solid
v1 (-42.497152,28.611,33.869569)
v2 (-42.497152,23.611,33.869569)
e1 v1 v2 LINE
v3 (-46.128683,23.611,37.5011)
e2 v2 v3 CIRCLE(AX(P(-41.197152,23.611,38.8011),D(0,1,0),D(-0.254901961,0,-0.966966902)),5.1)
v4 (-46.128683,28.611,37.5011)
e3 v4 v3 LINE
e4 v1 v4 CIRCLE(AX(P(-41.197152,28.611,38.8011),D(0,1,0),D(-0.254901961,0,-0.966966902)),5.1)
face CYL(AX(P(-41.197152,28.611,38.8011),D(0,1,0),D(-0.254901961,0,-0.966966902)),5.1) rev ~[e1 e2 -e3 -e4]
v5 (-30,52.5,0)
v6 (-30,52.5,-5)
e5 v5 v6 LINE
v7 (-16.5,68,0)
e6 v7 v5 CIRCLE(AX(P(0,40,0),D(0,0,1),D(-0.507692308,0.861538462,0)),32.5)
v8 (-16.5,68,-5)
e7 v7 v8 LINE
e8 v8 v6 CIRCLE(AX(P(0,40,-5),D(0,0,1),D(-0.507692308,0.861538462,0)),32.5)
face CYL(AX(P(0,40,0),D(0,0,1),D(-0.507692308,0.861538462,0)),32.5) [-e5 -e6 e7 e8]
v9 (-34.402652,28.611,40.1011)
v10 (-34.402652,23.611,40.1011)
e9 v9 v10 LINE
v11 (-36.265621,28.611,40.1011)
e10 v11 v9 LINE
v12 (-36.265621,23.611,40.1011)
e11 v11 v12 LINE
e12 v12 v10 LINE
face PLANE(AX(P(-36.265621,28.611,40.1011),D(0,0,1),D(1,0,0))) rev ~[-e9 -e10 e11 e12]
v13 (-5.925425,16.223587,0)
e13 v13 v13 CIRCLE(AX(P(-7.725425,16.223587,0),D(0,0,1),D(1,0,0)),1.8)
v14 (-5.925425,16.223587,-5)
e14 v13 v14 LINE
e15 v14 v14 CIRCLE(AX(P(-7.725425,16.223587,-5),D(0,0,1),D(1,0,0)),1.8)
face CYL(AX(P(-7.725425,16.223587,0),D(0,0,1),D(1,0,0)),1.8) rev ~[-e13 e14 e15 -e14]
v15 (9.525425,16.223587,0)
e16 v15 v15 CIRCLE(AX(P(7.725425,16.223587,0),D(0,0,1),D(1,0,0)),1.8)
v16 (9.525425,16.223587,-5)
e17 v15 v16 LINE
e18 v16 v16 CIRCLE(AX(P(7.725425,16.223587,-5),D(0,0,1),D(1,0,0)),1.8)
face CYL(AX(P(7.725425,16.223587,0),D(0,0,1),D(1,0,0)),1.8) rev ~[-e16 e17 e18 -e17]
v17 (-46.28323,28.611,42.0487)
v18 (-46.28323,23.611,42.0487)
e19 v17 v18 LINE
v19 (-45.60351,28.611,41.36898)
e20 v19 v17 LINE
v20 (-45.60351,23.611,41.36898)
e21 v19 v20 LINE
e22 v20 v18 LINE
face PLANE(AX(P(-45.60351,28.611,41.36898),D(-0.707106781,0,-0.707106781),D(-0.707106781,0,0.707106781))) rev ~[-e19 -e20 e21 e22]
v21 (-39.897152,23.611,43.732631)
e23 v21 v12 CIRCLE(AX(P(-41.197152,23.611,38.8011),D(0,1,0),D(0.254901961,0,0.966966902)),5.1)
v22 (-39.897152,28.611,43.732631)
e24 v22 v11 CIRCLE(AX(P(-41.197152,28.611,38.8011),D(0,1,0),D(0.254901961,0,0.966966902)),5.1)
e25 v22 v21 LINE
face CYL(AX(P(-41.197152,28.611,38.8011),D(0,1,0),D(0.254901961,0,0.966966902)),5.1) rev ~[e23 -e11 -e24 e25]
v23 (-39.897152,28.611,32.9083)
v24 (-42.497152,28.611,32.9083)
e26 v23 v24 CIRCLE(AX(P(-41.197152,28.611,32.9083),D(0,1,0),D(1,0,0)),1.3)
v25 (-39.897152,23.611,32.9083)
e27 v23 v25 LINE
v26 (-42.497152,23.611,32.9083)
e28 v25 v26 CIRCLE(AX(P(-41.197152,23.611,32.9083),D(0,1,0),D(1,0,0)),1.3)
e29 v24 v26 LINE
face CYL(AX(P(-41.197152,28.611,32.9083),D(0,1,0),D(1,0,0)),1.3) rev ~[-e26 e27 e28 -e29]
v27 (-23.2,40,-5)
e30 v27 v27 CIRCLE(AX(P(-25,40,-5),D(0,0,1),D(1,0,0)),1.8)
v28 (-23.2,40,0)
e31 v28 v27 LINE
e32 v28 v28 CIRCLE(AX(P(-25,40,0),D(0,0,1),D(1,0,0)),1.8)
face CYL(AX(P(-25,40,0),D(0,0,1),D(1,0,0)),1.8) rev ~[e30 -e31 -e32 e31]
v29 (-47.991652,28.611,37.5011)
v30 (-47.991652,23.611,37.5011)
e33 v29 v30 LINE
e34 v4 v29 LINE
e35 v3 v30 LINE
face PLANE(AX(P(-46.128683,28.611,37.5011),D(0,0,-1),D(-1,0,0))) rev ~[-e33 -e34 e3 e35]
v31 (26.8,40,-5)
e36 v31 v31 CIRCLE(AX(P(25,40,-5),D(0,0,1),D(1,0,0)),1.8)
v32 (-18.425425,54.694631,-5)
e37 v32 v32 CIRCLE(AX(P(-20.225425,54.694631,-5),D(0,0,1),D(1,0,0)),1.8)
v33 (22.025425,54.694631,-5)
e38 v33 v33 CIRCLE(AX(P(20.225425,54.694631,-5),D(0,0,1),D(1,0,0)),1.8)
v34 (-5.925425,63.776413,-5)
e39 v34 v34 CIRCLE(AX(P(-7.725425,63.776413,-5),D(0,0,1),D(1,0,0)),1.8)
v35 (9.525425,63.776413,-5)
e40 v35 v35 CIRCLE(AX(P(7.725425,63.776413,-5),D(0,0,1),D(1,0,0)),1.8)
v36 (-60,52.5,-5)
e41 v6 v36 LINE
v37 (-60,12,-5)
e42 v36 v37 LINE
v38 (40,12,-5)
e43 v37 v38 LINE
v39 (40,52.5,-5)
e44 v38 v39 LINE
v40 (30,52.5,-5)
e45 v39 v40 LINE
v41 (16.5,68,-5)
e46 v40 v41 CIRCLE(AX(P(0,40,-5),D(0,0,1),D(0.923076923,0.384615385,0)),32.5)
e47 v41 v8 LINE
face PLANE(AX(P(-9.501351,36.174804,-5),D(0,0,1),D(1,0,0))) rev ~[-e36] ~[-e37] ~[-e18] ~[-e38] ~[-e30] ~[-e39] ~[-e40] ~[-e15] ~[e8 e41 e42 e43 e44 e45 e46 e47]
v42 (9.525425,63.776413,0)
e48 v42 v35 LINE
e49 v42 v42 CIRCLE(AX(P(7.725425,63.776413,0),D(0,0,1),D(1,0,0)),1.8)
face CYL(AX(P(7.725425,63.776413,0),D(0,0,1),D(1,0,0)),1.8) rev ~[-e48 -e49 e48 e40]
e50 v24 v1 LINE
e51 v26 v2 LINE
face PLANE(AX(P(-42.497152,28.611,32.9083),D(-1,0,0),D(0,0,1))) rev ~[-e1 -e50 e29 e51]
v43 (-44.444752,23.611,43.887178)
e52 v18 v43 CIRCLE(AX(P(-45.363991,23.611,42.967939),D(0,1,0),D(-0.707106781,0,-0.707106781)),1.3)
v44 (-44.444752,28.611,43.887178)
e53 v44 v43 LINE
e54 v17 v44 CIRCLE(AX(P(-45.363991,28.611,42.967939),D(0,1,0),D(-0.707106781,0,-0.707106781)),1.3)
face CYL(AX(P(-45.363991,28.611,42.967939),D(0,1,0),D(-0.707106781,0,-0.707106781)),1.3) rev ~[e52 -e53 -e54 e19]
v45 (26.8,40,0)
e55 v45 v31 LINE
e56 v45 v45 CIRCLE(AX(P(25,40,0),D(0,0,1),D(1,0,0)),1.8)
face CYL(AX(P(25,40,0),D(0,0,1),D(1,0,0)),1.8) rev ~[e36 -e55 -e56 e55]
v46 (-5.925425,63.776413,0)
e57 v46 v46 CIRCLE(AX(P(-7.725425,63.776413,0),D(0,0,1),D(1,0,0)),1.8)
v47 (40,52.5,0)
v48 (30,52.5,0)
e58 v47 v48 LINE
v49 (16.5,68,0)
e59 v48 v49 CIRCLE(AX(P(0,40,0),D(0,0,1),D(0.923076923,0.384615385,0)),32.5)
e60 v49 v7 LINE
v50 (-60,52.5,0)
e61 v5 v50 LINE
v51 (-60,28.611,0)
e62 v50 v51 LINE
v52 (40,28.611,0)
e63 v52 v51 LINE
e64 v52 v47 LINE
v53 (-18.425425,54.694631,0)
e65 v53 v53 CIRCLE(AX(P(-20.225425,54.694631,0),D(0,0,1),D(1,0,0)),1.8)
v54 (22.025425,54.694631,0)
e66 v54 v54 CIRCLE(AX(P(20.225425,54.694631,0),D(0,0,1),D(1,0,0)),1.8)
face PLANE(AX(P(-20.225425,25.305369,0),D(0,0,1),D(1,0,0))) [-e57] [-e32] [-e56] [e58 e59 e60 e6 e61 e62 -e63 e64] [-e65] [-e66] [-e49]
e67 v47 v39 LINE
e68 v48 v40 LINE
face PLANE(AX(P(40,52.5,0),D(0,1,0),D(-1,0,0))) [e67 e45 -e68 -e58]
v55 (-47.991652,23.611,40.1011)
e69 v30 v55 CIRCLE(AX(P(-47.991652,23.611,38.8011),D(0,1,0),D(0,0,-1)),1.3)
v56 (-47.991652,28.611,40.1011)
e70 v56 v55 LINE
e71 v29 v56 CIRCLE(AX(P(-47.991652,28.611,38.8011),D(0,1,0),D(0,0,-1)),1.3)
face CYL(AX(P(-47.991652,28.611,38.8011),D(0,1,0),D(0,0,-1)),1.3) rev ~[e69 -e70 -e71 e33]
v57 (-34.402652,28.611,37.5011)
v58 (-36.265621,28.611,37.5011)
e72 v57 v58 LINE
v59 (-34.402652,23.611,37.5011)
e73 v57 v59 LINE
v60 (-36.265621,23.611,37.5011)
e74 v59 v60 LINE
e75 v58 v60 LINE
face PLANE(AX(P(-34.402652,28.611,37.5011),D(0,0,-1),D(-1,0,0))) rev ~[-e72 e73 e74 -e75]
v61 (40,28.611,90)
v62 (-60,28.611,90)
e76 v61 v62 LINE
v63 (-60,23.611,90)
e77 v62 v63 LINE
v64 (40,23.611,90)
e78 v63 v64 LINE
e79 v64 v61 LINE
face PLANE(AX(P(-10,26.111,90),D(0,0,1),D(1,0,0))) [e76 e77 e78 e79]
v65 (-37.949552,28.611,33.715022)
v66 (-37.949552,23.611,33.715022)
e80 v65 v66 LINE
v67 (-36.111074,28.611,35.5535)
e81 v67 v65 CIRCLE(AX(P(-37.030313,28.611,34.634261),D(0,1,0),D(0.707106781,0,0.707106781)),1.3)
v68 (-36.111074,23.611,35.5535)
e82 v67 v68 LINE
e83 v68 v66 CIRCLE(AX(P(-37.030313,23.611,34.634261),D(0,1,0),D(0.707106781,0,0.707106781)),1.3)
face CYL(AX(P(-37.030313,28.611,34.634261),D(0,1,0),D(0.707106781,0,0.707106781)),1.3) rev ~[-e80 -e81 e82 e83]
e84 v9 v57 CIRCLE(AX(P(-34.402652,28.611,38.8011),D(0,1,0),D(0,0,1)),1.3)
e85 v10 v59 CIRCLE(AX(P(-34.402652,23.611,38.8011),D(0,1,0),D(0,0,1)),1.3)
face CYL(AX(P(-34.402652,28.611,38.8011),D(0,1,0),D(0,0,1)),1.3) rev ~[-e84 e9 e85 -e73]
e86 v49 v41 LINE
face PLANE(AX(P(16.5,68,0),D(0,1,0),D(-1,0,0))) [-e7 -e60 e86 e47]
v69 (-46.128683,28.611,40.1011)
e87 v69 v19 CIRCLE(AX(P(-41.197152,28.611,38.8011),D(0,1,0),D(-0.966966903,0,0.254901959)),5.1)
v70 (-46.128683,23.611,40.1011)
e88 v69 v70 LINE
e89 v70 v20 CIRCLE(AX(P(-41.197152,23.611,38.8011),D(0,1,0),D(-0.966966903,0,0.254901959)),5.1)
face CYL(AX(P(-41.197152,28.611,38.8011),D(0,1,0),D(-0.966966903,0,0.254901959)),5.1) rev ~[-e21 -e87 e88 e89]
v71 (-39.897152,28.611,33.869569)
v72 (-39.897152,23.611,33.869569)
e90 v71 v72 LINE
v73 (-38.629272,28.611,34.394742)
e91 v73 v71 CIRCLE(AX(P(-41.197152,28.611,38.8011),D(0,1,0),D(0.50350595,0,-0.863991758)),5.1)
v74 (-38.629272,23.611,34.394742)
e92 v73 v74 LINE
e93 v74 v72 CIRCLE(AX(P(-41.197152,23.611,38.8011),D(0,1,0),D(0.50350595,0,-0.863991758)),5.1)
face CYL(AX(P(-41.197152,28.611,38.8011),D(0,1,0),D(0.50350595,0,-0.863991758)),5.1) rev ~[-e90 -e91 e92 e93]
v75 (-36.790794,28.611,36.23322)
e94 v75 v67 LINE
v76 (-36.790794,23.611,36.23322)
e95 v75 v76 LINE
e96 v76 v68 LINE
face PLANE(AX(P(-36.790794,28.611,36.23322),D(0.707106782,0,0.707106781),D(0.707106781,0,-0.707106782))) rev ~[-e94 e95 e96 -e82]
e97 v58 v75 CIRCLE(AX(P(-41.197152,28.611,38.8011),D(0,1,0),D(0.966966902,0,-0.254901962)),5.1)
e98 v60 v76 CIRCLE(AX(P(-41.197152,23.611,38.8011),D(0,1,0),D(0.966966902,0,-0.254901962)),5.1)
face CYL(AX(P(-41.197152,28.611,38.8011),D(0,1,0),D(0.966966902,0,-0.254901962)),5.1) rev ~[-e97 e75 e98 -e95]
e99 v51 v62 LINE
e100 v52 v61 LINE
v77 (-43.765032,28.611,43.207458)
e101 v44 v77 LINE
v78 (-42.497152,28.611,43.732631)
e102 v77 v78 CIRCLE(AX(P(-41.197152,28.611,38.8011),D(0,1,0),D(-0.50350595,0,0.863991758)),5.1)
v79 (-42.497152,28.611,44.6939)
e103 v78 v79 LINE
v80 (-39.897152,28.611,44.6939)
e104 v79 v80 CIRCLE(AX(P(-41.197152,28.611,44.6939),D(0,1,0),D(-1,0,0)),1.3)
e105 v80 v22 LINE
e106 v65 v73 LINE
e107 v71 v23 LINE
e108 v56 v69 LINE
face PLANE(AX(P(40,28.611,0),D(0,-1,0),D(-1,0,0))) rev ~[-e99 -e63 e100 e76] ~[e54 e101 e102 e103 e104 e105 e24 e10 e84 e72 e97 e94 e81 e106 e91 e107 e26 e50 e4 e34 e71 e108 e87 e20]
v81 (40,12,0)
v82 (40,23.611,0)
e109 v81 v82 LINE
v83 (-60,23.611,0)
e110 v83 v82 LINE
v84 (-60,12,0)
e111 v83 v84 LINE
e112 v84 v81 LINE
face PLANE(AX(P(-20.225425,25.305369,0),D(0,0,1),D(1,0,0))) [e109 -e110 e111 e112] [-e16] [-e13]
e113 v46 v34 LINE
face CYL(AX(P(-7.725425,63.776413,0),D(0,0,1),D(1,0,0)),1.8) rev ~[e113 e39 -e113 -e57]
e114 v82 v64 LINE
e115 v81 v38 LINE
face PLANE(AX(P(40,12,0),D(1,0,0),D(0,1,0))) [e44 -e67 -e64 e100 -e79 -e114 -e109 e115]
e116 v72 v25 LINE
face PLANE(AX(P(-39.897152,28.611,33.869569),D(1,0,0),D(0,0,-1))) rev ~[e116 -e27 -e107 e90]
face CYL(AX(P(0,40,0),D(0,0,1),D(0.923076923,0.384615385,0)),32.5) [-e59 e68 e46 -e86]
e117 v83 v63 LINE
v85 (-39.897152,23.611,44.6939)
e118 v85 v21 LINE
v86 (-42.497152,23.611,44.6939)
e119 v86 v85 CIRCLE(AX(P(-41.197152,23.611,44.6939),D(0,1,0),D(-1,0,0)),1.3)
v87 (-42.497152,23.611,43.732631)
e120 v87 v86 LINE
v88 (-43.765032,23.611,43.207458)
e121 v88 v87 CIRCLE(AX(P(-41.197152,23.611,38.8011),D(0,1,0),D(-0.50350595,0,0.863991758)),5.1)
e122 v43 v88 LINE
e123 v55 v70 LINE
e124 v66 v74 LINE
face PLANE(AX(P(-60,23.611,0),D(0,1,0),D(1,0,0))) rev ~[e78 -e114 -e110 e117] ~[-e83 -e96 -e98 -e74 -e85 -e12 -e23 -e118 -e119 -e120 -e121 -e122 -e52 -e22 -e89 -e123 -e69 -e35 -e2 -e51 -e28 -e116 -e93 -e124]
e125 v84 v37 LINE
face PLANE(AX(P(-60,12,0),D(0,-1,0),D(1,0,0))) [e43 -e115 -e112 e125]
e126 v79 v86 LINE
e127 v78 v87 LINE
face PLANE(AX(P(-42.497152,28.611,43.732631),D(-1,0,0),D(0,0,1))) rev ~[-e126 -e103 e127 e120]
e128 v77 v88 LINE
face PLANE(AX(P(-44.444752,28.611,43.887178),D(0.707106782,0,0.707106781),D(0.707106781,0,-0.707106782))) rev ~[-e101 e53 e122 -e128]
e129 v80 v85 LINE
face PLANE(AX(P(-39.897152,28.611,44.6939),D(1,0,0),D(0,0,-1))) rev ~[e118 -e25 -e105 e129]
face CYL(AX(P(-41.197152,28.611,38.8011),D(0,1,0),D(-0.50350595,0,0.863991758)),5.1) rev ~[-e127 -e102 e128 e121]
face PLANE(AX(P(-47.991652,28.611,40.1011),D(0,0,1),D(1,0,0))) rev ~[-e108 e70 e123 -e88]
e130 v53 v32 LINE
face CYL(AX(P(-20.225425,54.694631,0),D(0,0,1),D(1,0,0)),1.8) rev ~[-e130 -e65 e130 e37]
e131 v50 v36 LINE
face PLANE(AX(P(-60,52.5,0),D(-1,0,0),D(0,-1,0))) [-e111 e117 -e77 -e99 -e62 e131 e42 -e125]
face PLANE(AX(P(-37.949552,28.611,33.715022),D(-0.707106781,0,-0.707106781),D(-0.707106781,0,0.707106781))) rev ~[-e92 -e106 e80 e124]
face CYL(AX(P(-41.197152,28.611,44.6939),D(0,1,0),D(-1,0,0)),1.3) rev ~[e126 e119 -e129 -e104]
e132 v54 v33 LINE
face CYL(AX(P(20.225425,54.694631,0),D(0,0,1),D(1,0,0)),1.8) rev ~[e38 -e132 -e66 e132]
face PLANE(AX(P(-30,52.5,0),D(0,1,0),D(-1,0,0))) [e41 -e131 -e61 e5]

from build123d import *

# Parameters (mm, degrees)
SKETCH2_R           = 1.8
BOSS_EXTRUDE1_DEPTH = 5
SKETCH3_R           = 1.8
BOSS_EXTRUDE2_DEPTH = 5
BOSS_EXTRUDE3_DEPTH = 90
SKETCH5_R           = 0.927
CUT_EXTRUDE3_DEPTH  = 90
CUT_EXTRUDE4_DEPTH  = 90


with BuildPart() as part:
    # Sketch2 → Boss-Extrude1 (new body)
    with BuildSketch(Plane.XY):
        with BuildLine():
            ThreePointArc((30, 52.5), (24.507651866, 61.345374206), (16.5, 68))
            Line((16.5, 68), (-16.5, 68))
            ThreePointArc((-16.5, 68), (-24.507651866, 61.345374206), (-30, 52.5))
            Line((-30, 52.5), (-60, 52.5))
            Line((-60, 52.5), (-60, 12))
            Line((-60, 12), (40, 12))
            Line((40, 12), (40, 52.5))
            Line((40, 52.5), (30, 52.5))
        make_face()
        with Locations((-20.225424859, 25.305368693)):
            Circle(SKETCH2_R, mode=Mode.SUBTRACT)
        with Locations((-25, 40)):
            Circle(SKETCH2_R, mode=Mode.SUBTRACT)
        with Locations((-7.725424859, 16.223587093)):
            Circle(SKETCH2_R, mode=Mode.SUBTRACT)
        with Locations((7.725424859, 16.223587093)):
            Circle(SKETCH2_R, mode=Mode.SUBTRACT)
        with Locations((20.225424859, 25.305368693)):
            Circle(SKETCH2_R, mode=Mode.SUBTRACT)
        with Locations((25, 40)):
            Circle(SKETCH2_R, mode=Mode.SUBTRACT)
        with Locations((-20.225424859, 54.694631307)):
            Circle(SKETCH2_R, mode=Mode.SUBTRACT)
        with Locations((-7.725424859, 63.776412907)):
            Circle(SKETCH2_R, mode=Mode.SUBTRACT)
        with Locations((7.725424859, 63.776412907)):
            Circle(SKETCH2_R, mode=Mode.SUBTRACT)
        with Locations((20.225424859, 54.694631307)):
            Circle(SKETCH2_R, mode=Mode.SUBTRACT)
    extrude(amount=-BOSS_EXTRUDE1_DEPTH)

    # Sketch3 → Boss-Extrude2 (add)
    with BuildSketch(Plane.XY):
        with Locations((-20.225424859, 25.305368693)):
            Circle(SKETCH3_R)
        with Locations((20.225424859, 25.305368693)):
            Circle(SKETCH3_R)
    extrude(amount=-BOSS_EXTRUDE2_DEPTH)

    # Sketch4 → Boss-Extrude3 (add)
    with BuildSketch(Plane.XY):
        Polygon((15.062255845, 23.611), (32.664455845, 23.611), (40, 23.611), (40, 28.611), (-60, 28.611), (-60, 23.611), align=None)
    extrude(amount=BOSS_EXTRUDE3_DEPTH)

    # Sketch5 → Cut-Extrude3 (cut)
    with BuildSketch(Plane(origin=(0, 28.611, 0), x_dir=(1, 0, 0), z_dir=(0, 1, 0))):
        with BuildLine():
            Line((-40.197151893, -34.106422162), (-40.197151893, -32.9083))
            ThreePointArc((-40.197151893, -32.9083), (-41.197151893, -31.9083), (-42.197151893, -32.9083))
            Line((-42.197151893, -32.9083), (-42.197151893, -34.106422162))
            ThreePointArc((-42.197151893, -34.106422162), (-44.591264443, -35.40698745), (-45.891829731, -37.8011))
            Line((-45.891829731, -37.8011), (-47.991651893, -37.8011))
            ThreePointArc((-47.991651893, -37.8011), (-48.991651893, -38.8011), (-47.991651893, -39.8011))
            Line((-47.991651893, -39.8011), (-45.891829731, -39.8011))
            ThreePointArc((-45.891829731, -39.8011), (-45.631773649, -40.637980475), (-45.223897209, -41.413631753))
            Line((-45.223897209, -41.413631753), (-46.071097514, -42.260832059))
            ThreePointArc((-46.071097514, -42.260832059), (-46.071097514, -43.675045621), (-44.656883952, -43.675045621))
            Line((-44.656883952, -43.675045621), (-43.809683646, -42.827845316))
            ThreePointArc((-43.809683646, -42.827845316), (-43.034032368, -43.235721756), (-42.197151893, -43.495777838))
            Line((-42.197151893, -43.495777838), (-42.197151893, -44.6939))
            ThreePointArc((-42.197151893, -44.6939), (-41.197151893, -45.6939), (-40.197151893, -44.6939))
            Line((-40.197151893, -44.6939), (-40.197151893, -43.495777838))
            ThreePointArc((-40.197151893, -43.495777838), (-37.803039343, -42.19521255), (-36.502474055, -39.8011))
            Line((-36.502474055, -39.8011), (-34.402651893, -39.8011))
            ThreePointArc((-34.402651893, -39.8011), (-33.402651893, -38.8011), (-34.402651893, -37.8011))
            Line((-34.402651893, -37.8011), (-36.502474055, -37.8011))
            ThreePointArc((-36.502474055, -37.8011), (-36.762530137, -36.964219525), (-37.170406577, -36.188568247))
            Line((-37.170406577, -36.188568247), (-36.323206271, -35.341367941))
            ThreePointArc((-36.323206271, -35.341367941), (-36.323206271, -33.927154379), (-37.737419834, -33.927154379))
            Line((-37.737419834, -33.927154379), (-38.584620139, -34.774354684))
            ThreePointArc((-38.584620139, -34.774354684), (-39.360271417, -34.366478244), (-40.197151893, -34.106422162))
        make_face()
        with Locations((-41.197151893, -32.9083)):
            Circle(SKETCH5_R, mode=Mode.SUBTRACT)
        with BuildLine():
            ThreePointArc((-45.584634087, -37.8011), (-44.379132408, -35.619119485), (-42.197151893, -34.413617806))
            Line((-42.197151893, -34.413617806), (-42.197151893, -37.8011))
            Line((-42.197151893, -37.8011), (-45.584634087, -37.8011))
        make_face(mode=Mode.SUBTRACT)
        with BuildLine():
            ThreePointArc((-40.197151893, -34.413617806), (-39.475076447, -34.643642104), (-38.801840263, -34.991574807))
            Line((-38.801840263, -34.991574807), (-40.197151893, -36.386886438))
            Line((-40.197151893, -36.386886438), (-40.197151893, -34.413617806))
        make_face(mode=Mode.SUBTRACT)
        with BuildLine():
            Line((-45.584634087, -39.8011), (-43.611365455, -39.8011))
            Line((-43.611365455, -39.8011), (-45.006677086, -41.19641163))
            ThreePointArc((-45.006677086, -41.19641163), (-45.354609789, -40.523175446), (-45.584634087, -39.8011))
        make_face(mode=Mode.SUBTRACT)
        with BuildLine():
            ThreePointArc((-37.3876267, -36.40578837), (-37.039693997, -37.079024554), (-36.809669699, -37.8011))
            Line((-36.809669699, -37.8011), (-38.78293833, -37.8011))
            Line((-38.78293833, -37.8011), (-37.3876267, -36.40578837))
        make_face(mode=Mode.SUBTRACT)
        with Locations((-47.991651893, -38.8011)):
            Circle(SKETCH5_R, mode=Mode.SUBTRACT)
        with BuildLine():
            Line((-43.592463523, -42.610625193), (-42.197151893, -41.215313562))
            Line((-42.197151893, -41.215313562), (-42.197151893, -43.188582194))
            ThreePointArc((-42.197151893, -43.188582194), (-42.919227338, -42.958557896), (-43.592463523, -42.610625193))
        make_face(mode=Mode.SUBTRACT)
        with BuildLine():
            ThreePointArc((-36.809669699, -39.8011), (-38.015171378, -41.983080515), (-40.197151893, -43.188582194))
            Line((-40.197151893, -43.188582194), (-40.197151893, -39.8011))
            Line((-40.197151893, -39.8011), (-36.809669699, -39.8011))
        make_face(mode=Mode.SUBTRACT)
        with Locations((-34.402651893, -38.8011)):
            Circle(SKETCH5_R, mode=Mode.SUBTRACT)
        with Locations((-41.197151893, -44.6939)):
            Circle(SKETCH5_R, mode=Mode.SUBTRACT)
    extrude(amount=-CUT_EXTRUDE3_DEPTH, mode=Mode.SUBTRACT)


with BuildPart() as cut_extrude3_kept_piece:
    # of the separate pieces the step leaves, the one the design keeps (cut_extrude3_pieces_kept)
    add(part.part.solids().sort_by_distance((30, 52.5, 0))[0])

    # Sketch6 → Cut-Extrude4 (cut)
    with BuildSketch(Plane(origin=(0, 28.611, 0), x_dir=(1, 0, 0), z_dir=(0, 1, 0))):
        with BuildLine():
            Line((-37.949551868, -33.715022344), (-38.629271554, -34.39474203))
            ThreePointArc((-38.629271554, -34.39474203), (-39.245466388, -34.089314384), (-39.897151893, -33.869568798))
            Line((-39.897151893, -33.869568798), (-39.897151893, -32.9083))
            ThreePointArc((-39.897151893, -32.9083), (-41.197151893, -31.6083), (-42.497151893, -32.9083))
            Line((-42.497151893, -32.9083), (-42.497151893, -33.869568798))
            ThreePointArc((-42.497151893, -33.869568798), (-44.803396477, -35.194855416), (-46.128683095, -37.5011))
            Line((-46.128683095, -37.5011), (-47.991651893, -37.5011))
            ThreePointArc((-47.991651893, -37.5011), (-49.291651893, -38.8011), (-47.991651893, -40.1011))
            Line((-47.991651893, -40.1011), (-46.128683095, -40.1011))
            ThreePointArc((-46.128683095, -40.1011), (-45.908937509, -40.752785505), (-45.603509863, -41.368980339))
            Line((-45.603509863, -41.368980339), (-46.283229549, -42.048700025))
            ThreePointArc((-46.283229549, -42.048700025), (-46.283229549, -43.887177656), (-44.444751917, -43.887177656))
            Line((-44.444751917, -43.887177656), (-43.765032232, -43.20745797))
            ThreePointArc((-43.765032232, -43.20745797), (-43.148837398, -43.512885616), (-42.497151893, -43.732631202))
            Line((-42.497151893, -43.732631202), (-42.497151893, -44.6939))
            ThreePointArc((-42.497151893, -44.6939), (-41.197151893, -45.9939), (-39.897151893, -44.6939))
            Line((-39.897151893, -44.6939), (-39.897151893, -43.732631202))
            ThreePointArc((-39.897151893, -43.732631202), (-37.590907309, -42.407344584), (-36.26562069, -40.1011))
            Line((-36.26562069, -40.1011), (-34.402651893, -40.1011))
            ThreePointArc((-34.402651893, -40.1011), (-33.102651893, -38.8011), (-34.402651893, -37.5011))
            Line((-34.402651893, -37.5011), (-36.26562069, -37.5011))
            ThreePointArc((-36.26562069, -37.5011), (-36.485366277, -36.849414495), (-36.790793922, -36.233219661))
            Line((-36.790793922, -36.233219661), (-36.111074237, -35.553499975))
            ThreePointArc((-36.111074237, -35.553499975), (-36.111074237, -33.715022344), (-37.949551868, -33.715022344))
        make_face()
        with BuildLine():
            Line((-37.737419834, -33.927154379), (-38.584620139, -34.774354684))
            ThreePointArc((-38.584620139, -34.774354684), (-39.360271417, -34.366478244), (-40.197151893, -34.106422162))
            Line((-40.197151893, -34.106422162), (-40.197151893, -32.9083))
            ThreePointArc((-40.197151893, -32.9083), (-41.197151893, -31.9083), (-42.197151893, -32.9083))
            Line((-42.197151893, -32.9083), (-42.197151893, -34.106422162))
            ThreePointArc((-42.197151893, -34.106422162), (-44.591264443, -35.40698745), (-45.891829731, -37.8011))
            Line((-45.891829731, -37.8011), (-47.991651893, -37.8011))
            ThreePointArc((-47.991651893, -37.8011), (-48.991651893, -38.8011), (-47.991651893, -39.8011))
            Line((-47.991651893, -39.8011), (-45.891829731, -39.8011))
            ThreePointArc((-45.891829731, -39.8011), (-45.631773649, -40.637980475), (-45.223897209, -41.413631753))
            Line((-45.223897209, -41.413631753), (-46.071097514, -42.260832059))
            ThreePointArc((-46.071097514, -42.260832059), (-46.071097514, -43.675045621), (-44.656883952, -43.675045621))
            Line((-44.656883952, -43.675045621), (-43.809683646, -42.827845316))
            ThreePointArc((-43.809683646, -42.827845316), (-43.034032368, -43.235721756), (-42.197151893, -43.495777838))
            Line((-42.197151893, -43.495777838), (-42.197151893, -44.6939))
            ThreePointArc((-42.197151893, -44.6939), (-41.197151893, -45.6939), (-40.197151893, -44.6939))
            Line((-40.197151893, -44.6939), (-40.197151893, -43.495777838))
            ThreePointArc((-40.197151893, -43.495777838), (-37.803039343, -42.19521255), (-36.502474055, -39.8011))
            Line((-36.502474055, -39.8011), (-34.402651893, -39.8011))
            ThreePointArc((-34.402651893, -39.8011), (-33.402651893, -38.8011), (-34.402651893, -37.8011))
            Line((-34.402651893, -37.8011), (-36.502474055, -37.8011))
            ThreePointArc((-36.502474055, -37.8011), (-36.762530137, -36.964219525), (-37.170406577, -36.188568247))
            Line((-37.170406577, -36.188568247), (-36.323206271, -35.341367941))
            ThreePointArc((-36.323206271, -35.341367941), (-36.323206271, -33.927154379), (-37.737419834, -33.927154379))
        make_face(mode=Mode.SUBTRACT)
    extrude(amount=-CUT_EXTRUDE4_DEPTH, mode=Mode.SUBTRACT)


solid = cut_extrude3_kept_piece.part
